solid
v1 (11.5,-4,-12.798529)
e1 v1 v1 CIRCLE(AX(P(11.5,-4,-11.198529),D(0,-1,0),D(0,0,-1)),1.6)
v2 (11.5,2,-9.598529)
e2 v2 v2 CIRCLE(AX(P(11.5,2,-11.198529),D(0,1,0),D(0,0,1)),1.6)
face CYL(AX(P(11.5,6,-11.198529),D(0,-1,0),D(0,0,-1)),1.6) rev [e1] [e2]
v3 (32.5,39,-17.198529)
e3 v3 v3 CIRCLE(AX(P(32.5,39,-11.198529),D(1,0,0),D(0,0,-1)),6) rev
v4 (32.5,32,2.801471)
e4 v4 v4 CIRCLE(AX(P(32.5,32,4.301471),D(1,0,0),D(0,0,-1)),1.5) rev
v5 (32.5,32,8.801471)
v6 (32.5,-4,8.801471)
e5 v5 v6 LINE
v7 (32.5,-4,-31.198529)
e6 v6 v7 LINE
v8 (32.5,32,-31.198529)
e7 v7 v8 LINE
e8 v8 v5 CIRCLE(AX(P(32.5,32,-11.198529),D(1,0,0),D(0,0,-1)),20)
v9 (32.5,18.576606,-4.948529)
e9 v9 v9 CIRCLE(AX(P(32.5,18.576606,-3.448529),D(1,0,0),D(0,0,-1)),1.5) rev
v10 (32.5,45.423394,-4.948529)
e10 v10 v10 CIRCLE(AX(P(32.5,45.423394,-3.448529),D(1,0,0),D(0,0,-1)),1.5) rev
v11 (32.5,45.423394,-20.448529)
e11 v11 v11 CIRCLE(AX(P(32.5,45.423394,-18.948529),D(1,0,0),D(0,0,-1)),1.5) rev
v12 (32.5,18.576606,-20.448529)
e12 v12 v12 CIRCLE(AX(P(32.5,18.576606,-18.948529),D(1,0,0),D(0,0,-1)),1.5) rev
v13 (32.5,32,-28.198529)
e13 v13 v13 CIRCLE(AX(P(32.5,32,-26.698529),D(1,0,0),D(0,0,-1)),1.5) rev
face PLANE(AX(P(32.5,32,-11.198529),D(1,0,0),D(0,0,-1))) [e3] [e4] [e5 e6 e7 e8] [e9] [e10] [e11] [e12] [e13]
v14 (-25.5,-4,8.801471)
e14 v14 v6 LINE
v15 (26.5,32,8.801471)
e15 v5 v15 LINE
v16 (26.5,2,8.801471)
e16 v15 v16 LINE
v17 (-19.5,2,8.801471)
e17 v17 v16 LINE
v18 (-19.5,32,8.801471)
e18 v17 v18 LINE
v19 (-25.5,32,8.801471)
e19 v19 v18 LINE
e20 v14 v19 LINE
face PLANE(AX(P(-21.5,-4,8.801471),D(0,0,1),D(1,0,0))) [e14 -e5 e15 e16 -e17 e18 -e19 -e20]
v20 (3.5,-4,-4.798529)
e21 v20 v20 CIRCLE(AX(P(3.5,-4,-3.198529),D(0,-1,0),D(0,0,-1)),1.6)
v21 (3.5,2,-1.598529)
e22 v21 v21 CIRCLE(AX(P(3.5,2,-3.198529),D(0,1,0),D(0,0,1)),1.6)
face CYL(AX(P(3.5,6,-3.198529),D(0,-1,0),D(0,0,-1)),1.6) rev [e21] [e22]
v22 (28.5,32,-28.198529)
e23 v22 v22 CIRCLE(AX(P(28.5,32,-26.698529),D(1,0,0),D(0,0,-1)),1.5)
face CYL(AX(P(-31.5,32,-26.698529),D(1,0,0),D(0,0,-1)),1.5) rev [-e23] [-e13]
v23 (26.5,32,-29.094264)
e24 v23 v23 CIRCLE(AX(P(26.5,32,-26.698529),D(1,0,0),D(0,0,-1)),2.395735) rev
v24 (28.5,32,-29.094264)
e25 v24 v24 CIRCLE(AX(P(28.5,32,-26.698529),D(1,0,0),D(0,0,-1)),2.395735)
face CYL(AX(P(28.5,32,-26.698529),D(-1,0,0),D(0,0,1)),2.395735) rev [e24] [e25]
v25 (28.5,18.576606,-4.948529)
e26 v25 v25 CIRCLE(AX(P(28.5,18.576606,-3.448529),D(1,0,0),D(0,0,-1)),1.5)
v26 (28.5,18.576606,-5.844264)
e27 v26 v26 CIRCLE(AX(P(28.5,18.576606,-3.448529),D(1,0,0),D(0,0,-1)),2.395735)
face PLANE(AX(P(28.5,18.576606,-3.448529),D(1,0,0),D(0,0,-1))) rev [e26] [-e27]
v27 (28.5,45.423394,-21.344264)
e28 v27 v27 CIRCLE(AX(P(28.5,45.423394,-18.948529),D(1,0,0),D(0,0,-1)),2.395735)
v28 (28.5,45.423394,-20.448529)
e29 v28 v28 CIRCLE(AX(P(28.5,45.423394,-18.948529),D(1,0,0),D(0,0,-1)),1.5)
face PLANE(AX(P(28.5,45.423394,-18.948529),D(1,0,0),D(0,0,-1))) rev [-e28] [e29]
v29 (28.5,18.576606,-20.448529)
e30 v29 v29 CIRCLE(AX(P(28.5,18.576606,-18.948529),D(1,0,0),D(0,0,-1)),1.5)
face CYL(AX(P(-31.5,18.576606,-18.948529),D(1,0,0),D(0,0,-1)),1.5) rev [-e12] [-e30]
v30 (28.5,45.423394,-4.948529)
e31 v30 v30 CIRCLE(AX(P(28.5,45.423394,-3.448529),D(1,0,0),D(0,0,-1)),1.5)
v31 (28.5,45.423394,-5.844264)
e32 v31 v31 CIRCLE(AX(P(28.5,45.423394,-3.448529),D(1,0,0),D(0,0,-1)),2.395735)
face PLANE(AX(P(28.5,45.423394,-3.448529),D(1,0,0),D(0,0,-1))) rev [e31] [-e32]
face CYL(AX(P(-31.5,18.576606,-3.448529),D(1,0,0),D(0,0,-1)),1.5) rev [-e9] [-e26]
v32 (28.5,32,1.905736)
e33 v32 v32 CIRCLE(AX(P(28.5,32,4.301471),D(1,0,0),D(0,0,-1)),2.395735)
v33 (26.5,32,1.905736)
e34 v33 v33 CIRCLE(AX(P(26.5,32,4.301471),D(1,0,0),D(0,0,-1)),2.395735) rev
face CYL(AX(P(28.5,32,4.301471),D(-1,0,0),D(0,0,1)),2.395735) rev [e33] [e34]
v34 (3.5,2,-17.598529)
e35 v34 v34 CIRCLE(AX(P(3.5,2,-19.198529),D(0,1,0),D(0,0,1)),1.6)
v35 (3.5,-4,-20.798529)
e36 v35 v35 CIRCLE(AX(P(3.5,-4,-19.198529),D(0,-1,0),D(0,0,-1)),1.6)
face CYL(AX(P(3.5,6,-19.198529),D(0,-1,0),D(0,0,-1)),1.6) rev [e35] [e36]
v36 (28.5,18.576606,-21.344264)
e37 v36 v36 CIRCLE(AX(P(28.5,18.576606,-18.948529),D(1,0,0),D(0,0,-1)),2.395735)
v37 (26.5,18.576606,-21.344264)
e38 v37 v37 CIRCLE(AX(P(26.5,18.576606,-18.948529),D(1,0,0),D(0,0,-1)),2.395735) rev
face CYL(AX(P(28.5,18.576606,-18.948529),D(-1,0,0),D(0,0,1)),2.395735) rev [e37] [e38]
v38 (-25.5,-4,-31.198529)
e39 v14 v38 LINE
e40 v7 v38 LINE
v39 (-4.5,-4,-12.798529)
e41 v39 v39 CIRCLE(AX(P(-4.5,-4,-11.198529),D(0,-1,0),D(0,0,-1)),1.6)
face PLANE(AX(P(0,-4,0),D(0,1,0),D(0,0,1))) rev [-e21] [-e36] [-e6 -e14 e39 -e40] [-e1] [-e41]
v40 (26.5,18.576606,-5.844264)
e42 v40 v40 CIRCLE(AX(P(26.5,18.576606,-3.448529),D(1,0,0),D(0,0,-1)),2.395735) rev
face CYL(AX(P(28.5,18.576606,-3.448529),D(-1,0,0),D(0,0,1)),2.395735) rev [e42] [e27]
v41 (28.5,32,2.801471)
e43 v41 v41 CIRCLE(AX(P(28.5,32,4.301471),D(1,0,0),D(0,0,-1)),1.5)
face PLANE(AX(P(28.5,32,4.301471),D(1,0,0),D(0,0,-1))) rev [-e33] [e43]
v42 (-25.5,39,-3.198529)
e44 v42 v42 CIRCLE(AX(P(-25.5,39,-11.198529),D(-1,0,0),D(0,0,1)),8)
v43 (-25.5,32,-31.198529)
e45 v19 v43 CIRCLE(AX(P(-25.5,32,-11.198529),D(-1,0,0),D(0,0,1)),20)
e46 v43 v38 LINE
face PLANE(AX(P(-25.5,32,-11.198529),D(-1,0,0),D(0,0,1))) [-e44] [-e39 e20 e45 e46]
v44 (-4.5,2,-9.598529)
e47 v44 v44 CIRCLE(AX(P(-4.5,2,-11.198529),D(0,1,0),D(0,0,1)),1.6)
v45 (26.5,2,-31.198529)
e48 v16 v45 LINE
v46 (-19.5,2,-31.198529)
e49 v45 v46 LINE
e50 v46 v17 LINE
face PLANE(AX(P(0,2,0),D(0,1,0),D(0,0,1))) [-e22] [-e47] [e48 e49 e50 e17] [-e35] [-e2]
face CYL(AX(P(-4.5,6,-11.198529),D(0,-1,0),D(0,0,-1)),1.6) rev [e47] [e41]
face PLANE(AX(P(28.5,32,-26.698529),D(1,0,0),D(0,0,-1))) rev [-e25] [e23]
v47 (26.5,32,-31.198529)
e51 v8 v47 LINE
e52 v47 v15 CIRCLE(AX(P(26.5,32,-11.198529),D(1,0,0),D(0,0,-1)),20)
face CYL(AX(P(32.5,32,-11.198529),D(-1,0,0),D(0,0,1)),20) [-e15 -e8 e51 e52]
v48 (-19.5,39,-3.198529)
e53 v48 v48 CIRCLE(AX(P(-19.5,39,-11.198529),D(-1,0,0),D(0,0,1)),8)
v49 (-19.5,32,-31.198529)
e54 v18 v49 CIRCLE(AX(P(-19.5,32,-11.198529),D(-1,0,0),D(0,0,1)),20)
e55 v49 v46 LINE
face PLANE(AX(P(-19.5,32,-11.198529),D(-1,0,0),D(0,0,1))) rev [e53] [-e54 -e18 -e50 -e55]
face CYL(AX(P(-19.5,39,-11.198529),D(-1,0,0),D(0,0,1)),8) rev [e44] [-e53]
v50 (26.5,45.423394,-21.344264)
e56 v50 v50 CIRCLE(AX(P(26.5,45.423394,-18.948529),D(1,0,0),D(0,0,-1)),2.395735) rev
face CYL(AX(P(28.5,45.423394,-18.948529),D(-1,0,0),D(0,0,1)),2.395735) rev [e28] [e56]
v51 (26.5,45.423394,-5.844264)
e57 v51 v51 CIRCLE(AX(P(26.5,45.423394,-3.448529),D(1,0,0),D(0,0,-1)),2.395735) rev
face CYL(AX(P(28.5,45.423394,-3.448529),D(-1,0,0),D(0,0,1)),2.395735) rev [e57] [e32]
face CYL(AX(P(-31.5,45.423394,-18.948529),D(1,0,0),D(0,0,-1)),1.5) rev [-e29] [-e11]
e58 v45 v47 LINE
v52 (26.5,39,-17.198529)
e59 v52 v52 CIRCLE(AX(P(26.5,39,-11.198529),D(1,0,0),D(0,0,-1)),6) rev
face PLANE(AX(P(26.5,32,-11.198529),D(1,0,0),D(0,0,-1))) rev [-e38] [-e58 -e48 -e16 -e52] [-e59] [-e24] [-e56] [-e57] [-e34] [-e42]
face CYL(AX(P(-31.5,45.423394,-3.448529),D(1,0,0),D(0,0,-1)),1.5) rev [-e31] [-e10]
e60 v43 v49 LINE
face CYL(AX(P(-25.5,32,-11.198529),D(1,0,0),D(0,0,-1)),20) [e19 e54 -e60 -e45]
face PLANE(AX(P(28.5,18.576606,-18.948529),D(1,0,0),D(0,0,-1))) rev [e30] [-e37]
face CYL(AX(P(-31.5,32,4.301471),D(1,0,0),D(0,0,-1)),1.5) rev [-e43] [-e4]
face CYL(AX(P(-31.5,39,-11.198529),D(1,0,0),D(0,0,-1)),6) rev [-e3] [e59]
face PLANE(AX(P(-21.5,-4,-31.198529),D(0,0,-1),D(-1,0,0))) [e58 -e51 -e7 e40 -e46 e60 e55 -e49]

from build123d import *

# Parameters (mm, degrees)
BOSS_EXTRUDE2_DEPTH         = 2
BOSS_EXTRUDE2_DEPTH_BACK    = 4
SKETCH2_W                   = 50
SKETCH2_H                   = 40
BOSS_EXTRUDE3_DEPTH         = 4
BOSS_EXTRUDE3_DEPTH_BACK    = 2
BOSS_EXTRUDE4_DEPTH         = 4
BOSS_EXTRUDE4_DEPTH_BACK    = 2
CUT_EXTRUDE1_DEPTH          = 10
CUT_EXTRUDE1_DEPTH_BACK     = 92
SKETCH7_R                   = 1.5
SKETCH7_R_2                 = 6
SKETCH8_R                   = 3
CUT_EXTRUDE2_DEPTH          = 92
Y_KSEKLIK_EKSTR_ZYON2_DEPTH = 6
SKETCH9_W                   = 11
SKETCH9_H                   = 6
BOSS_EXTRUDE5_DEPTH         = 40
SKETCH10_W                  = 7
SKETCH10_H                  = 40
CUT_EXTRUDE3_DEPTH          = 10
IZIM8_R                     = 2.395734713
KES_EKSTR_ZYON2_DEPTH       = 48
Y_KSEKLIK_EKSTR_ZYON3_DEPTH = 6
IZIM10_R                    = 8
KES_EKSTR_ZYON3_DEPTH       = 6
IZIM11_R                    = 1.6
KES_EKSTR_ZYON5_DEPTH       = 10
IZIM13_R                    = 3.884194159
Y_KSEKLIK_EKSTR_ZYON4_DEPTH = 6


with BuildPart() as part:
    # Sketch2 → Boss-Extrude2 (new, two sides: drawn at the far end of the back side and taken through both)
    with BuildSketch(Plane(origin=(0, 0, 0), x_dir=(1, 0, 0), z_dir=(0, 1, 0)).offset(-BOSS_EXTRUDE2_DEPTH_BACK)):
        with Locations((3.5, 11.198529412)):
            Rectangle(SKETCH2_W, SKETCH2_H)
    extrude(amount=BOSS_EXTRUDE2_DEPTH + BOSS_EXTRUDE2_DEPTH_BACK)

    # Sketch4 → Boss-Extrude3 (add, two sides: drawn at the far end of the back side and taken through both)
    with BuildSketch(Plane.ZY.offset(21.5).offset(-BOSS_EXTRUDE3_DEPTH_BACK)):
        with BuildLine():
            Line((8.801470588, 2), (-31.198529412, 2))
            Line((-31.198529412, 2), (-31.198529412, 32))
            ThreePointArc((-31.198529412, 32), (-11.198529412, 52), (8.801470588, 32))
            Line((8.801470588, 32), (8.801470588, 2))
        make_face()
    extrude(amount=BOSS_EXTRUDE3_DEPTH + BOSS_EXTRUDE3_DEPTH_BACK)

    # Sketch5 → Boss-Extrude4 (add, two sides: drawn at the far end of the back side and taken through both)
    with BuildSketch(Plane(origin=(28.5, 0, 0), x_dir=(0, 0, -1), z_dir=(1, 0, 0)).offset(-BOSS_EXTRUDE4_DEPTH_BACK)):
        with BuildLine():
            Line((-8.801470588, -4), (31.198529412, -4))
            Line((31.198529412, -4), (31.198529412, 32))
            ThreePointArc((31.198529412, 32), (11.198529412, 52), (-8.801470588, 32))
            Line((-8.801470588, 32), (-8.801470588, -4))
        make_face()
    extrude(amount=BOSS_EXTRUDE4_DEPTH + BOSS_EXTRUDE4_DEPTH_BACK)

    # Sketch7 → Cut-Extrude1 (cut, two sides: drawn at the far end of the back side and taken through both)
    with BuildSketch(Plane.ZY.offset(21.5).offset(-CUT_EXTRUDE1_DEPTH_BACK)):
        with Locations(Location((4.301470588, 32, 0), (0, 0, 180))):
            Circle(SKETCH7_R)
        with Locations(Location((-3.448529412, 18.576606241, 0), (0, 0, 180))):
            Circle(SKETCH7_R)
        with Locations(Location((-18.948529412, 18.576606241, 0), (0, 0, 180))):
            Circle(SKETCH7_R)
        with Locations(Location((-26.698529412, 32, 0), (0, 0, 180))):
            Circle(SKETCH7_R)
        with Locations(Location((-18.948529412, 45.423393759, 0), (0, 0, 180))):
            Circle(SKETCH7_R)
        with Locations(Location((-3.448529412, 45.423393759, 0), (0, 0, 180))):
            Circle(SKETCH7_R)
        with Locations(Location((-11.198529412, 39, 0), (0, 0, 180))):
            Circle(SKETCH7_R_2)
    extrude(amount=CUT_EXTRUDE1_DEPTH + CUT_EXTRUDE1_DEPTH_BACK, mode=Mode.SUBTRACT)

    # Sketch8 → Cut-Extrude2 (cut)
    with BuildSketch(Plane(origin=(0, 2, 0), x_dir=(1, 0, 0), z_dir=(0, 1, 0))):
        with Locations(Location((3.5, 11.198529412, 0), (0, 0, 270))):
            Circle(SKETCH8_R)
    extrude(amount=-CUT_EXTRUDE2_DEPTH, mode=Mode.SUBTRACT)

    # Çizim4 → Yükseklik-Ekstrüzyon2 (add)
    with BuildSketch(Plane(origin=(0, 2, 0), x_dir=(1, 0, 0), z_dir=(0, 1, 0))):
        with BuildLine():
            ThreePointArc((6.5, 11.198529412), (6.499830675, 11.230402947), (6.499322719, 11.262272884))
            Line((6.499322719, 11.262272884), (6, 11.262272884))
            Line((6, 11.262272884), (6, 9.540217017))
            ThreePointArc((6, 9.540217017), (6.372281323, 10.332504008), (6.5, 11.198529412))
        make_face()
        with BuildLine():
            Line((6, 11.262272884), (6.499322719, 11.262272884))
            ThreePointArc((6.499322719, 11.262272884), (6.36291811, 12.095022522), (6, 12.856841807))
            Line((6, 12.856841807), (6, 11.262272884))
        make_face()
    extrude(amount=-Y_KSEKLIK_EKSTR_ZYON2_DEPTH)

    # Sketch9 → Boss-Extrude5 (add)
    with BuildSketch(Plane(origin=(0, 0, -31.198529412), x_dir=(-1, 0, 0), z_dir=(0, 0, -1))):
        with Locations((27, -1)):
            Rectangle(SKETCH9_W, SKETCH9_H)
    extrude(amount=-BOSS_EXTRUDE5_DEPTH)

    # Sketch10 → Cut-Extrude3 (cut)
    with BuildSketch(Plane(origin=(0, 2, 0), x_dir=(1, 0, 0), z_dir=(0, 1, 0))):
        with Locations((-29, 11.198529412)):
            Rectangle(SKETCH10_W, SKETCH10_H)
    extrude(amount=-CUT_EXTRUDE3_DEPTH, mode=Mode.SUBTRACT)

    # Çizim8 → Kes-Ekstrüzyon2 (cut)
    with BuildSketch(Plane(origin=(-19.5, 0, 0), x_dir=(0, 0, -1), z_dir=(1, 0, 0))):
        with Locations((-4.301470588, 32)):
            Circle(IZIM8_R)
        with Locations((3.448529412, 45.423393759)):
            Circle(IZIM8_R)
        with Locations((18.948529412, 45.423393759)):
            Circle(IZIM8_R)
        with Locations((26.698529412, 32)):
            Circle(IZIM8_R)
        with Locations((18.948529412, 18.576606241)):
            Circle(IZIM8_R)
        with Locations((3.448529412, 18.576606241)):
            Circle(IZIM8_R)
    extrude(amount=KES_EKSTR_ZYON2_DEPTH, mode=Mode.SUBTRACT)

    # Çizim9 → Yükseklik-Ekstrüzyon3 (add)
    with BuildSketch(Plane.ZY.offset(25.5)):
        with BuildLine():
            Line((8.801470588, -4), (8.801470588, 32))
            ThreePointArc((8.801470588, 32), (-11.198529412, 52), (-31.198529412, 32))
            Line((-31.198529412, 32), (-31.198529412, -4))
            Line((-31.198529412, -4), (8.801470588, -4))
        make_face()
    extrude(amount=-Y_KSEKLIK_EKSTR_ZYON3_DEPTH)

    # Çizim10 → Kes-Ekstrüzyon3 (cut)
    with BuildSketch(Plane.ZY.offset(25.5)):
        with Locations((-11.198529412, 39)):
            Circle(IZIM10_R)
    extrude(amount=-KES_EKSTR_ZYON3_DEPTH, mode=Mode.SUBTRACT)

    # Çizim11 → Kes-Ekstrüzyon5 (cut)
    with BuildSketch(Plane.XZ.offset(4)):
        with Locations(Location((11.5, -11.198529412, 0), (0, 0, 270))):
            Circle(IZIM11_R)
        with Locations(Location((3.5, -19.198529412, 0), (0, 0, 270))):
            Circle(IZIM11_R)
        with Locations(Location((-4.5, -11.198529412, 0), (0, 0, 270))):
            Circle(IZIM11_R)
        with Locations(Location((3.5, -3.198529412, 0), (0, 0, 270))):
            Circle(IZIM11_R)
    extrude(amount=-KES_EKSTR_ZYON5_DEPTH, mode=Mode.SUBTRACT)

    # Çizim13 → Yükseklik-Ekstrüzyon4 (add)
    with BuildSketch(Plane.XZ.offset(4)):
        with Locations((3.5, -11.198529412)):
            Circle(IZIM13_R)
    extrude(amount=-Y_KSEKLIK_EKSTR_ZYON4_DEPTH)


solid = part.part
